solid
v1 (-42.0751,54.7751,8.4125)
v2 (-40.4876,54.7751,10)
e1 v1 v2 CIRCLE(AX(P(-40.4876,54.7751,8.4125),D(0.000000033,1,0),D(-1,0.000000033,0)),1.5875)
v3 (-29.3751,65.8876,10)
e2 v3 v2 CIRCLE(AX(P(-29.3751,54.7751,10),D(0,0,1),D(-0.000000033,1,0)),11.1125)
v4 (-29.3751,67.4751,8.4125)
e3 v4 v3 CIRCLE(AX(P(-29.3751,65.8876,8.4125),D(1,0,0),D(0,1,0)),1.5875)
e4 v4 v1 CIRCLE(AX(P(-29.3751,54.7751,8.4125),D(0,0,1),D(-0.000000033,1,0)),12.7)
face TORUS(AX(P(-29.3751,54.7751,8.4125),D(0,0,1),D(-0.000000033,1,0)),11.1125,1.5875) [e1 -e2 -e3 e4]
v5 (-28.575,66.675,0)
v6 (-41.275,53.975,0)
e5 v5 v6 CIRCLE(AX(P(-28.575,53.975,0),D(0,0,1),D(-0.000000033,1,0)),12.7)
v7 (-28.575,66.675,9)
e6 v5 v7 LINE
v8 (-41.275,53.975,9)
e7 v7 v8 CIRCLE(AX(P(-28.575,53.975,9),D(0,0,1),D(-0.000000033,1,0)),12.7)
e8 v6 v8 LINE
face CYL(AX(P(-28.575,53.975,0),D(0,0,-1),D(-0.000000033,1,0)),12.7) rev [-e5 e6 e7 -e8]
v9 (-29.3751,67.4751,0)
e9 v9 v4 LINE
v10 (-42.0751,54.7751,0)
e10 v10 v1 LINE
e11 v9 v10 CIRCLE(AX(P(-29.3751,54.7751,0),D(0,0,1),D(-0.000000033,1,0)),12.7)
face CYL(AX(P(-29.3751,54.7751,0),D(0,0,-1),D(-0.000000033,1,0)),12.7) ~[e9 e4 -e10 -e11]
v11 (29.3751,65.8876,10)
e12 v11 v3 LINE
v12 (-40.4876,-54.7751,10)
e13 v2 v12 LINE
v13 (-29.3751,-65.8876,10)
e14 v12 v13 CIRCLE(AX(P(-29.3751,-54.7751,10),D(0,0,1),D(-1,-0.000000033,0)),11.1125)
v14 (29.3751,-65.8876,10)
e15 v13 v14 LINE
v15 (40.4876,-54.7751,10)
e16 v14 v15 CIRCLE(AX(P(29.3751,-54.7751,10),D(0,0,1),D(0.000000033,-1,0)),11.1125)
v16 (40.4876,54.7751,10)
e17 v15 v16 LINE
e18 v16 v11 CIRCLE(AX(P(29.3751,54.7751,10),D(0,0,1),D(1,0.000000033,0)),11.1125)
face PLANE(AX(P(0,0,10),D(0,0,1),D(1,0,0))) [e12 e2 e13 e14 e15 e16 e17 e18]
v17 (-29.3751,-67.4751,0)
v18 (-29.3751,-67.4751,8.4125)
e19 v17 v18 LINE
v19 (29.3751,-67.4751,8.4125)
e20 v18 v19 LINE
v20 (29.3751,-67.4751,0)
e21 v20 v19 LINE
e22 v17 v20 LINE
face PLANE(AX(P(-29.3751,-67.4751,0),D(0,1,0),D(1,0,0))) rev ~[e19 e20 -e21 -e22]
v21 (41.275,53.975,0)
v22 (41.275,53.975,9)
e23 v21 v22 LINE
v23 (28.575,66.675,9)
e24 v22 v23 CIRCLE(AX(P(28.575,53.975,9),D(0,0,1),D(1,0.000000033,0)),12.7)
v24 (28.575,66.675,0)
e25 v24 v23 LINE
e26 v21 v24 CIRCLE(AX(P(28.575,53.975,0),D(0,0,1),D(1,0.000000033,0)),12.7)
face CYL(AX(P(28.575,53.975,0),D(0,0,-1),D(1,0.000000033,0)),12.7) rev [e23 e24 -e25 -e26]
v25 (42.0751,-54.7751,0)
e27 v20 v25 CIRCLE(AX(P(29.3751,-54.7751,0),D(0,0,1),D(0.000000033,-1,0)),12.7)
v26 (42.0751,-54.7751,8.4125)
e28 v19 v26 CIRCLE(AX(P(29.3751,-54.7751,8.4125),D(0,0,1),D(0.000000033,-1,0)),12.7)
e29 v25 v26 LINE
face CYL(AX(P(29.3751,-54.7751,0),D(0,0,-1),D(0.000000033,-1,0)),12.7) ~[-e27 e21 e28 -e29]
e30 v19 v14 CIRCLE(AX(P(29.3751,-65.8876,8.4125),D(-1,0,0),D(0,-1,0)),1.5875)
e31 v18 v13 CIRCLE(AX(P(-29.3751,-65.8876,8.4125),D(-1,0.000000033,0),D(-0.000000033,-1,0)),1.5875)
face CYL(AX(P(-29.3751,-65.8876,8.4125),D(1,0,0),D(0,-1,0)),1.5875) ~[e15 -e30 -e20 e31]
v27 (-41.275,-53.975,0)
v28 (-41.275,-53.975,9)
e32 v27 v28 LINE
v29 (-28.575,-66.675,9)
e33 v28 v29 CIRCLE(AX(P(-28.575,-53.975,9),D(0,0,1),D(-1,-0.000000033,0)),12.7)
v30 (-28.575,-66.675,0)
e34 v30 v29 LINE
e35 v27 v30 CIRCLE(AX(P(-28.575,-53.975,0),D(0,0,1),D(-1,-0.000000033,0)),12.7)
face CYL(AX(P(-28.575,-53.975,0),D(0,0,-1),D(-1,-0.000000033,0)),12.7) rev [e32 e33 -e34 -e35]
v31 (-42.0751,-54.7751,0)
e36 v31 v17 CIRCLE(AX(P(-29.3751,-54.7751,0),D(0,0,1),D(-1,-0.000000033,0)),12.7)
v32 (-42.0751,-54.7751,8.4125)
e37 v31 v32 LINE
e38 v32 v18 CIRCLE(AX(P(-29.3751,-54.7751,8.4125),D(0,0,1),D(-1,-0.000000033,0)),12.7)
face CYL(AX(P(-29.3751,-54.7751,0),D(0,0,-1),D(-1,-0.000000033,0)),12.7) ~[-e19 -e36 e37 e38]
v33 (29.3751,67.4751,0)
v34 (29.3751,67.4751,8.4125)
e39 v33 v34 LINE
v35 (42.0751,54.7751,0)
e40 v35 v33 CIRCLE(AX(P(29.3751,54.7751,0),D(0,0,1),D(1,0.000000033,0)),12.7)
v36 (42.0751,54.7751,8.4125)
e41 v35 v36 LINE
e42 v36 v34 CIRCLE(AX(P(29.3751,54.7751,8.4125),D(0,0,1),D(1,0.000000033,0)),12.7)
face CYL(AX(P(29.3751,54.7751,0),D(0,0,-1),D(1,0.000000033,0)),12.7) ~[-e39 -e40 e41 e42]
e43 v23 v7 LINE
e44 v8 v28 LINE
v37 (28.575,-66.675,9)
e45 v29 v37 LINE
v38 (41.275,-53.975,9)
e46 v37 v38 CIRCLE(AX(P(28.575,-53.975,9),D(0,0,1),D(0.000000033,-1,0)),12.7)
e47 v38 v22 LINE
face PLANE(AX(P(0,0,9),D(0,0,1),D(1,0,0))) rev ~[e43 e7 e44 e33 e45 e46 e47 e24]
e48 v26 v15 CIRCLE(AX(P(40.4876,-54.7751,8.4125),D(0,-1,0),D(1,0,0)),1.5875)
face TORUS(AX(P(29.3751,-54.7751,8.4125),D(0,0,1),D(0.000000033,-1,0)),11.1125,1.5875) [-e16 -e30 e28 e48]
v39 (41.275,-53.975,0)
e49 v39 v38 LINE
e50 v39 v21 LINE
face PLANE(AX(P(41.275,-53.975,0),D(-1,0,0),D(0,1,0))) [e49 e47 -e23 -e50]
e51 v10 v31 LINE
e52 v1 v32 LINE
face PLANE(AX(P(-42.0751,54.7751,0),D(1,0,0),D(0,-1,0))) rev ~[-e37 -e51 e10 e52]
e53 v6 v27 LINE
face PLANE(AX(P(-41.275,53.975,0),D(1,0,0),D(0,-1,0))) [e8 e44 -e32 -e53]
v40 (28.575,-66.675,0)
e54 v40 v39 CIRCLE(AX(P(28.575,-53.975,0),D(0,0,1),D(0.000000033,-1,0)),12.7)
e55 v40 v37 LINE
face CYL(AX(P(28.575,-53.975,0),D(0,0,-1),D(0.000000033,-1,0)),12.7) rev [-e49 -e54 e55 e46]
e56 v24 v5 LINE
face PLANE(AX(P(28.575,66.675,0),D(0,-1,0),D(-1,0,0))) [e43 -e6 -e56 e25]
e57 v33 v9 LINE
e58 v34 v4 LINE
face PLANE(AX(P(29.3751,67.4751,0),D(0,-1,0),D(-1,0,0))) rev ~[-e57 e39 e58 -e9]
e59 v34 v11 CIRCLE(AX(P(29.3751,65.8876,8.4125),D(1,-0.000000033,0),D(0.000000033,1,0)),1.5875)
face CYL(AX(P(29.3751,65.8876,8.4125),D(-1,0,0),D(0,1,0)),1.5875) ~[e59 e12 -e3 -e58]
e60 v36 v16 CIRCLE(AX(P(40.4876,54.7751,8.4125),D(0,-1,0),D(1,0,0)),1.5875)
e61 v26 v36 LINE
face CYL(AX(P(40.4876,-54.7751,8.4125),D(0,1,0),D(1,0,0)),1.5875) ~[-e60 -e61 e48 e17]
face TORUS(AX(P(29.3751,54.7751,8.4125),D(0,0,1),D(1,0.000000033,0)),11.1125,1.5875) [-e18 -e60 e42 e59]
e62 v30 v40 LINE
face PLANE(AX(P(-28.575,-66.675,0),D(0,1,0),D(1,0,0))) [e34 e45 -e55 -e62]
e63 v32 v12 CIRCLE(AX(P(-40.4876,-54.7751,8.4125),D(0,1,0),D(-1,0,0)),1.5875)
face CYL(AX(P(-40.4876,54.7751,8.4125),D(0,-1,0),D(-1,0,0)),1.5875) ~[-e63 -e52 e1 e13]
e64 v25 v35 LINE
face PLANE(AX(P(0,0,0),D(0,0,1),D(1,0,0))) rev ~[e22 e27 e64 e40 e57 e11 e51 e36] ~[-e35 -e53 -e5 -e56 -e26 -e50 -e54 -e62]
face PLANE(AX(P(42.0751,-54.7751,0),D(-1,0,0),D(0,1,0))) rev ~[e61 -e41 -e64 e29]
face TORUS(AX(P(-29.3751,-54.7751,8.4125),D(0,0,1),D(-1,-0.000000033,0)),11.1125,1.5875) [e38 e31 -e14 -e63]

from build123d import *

# Parameters (mm, degrees)
F1_DEPTH = 10
F2_R     = 1.5875
F4_DEPTH = 9


with BuildPart() as f1:
    # F0 (on Top) → F1 (new body)
    with BuildSketch(Plane.XY):
        with BuildLine():
            ThreePointArc((42.0751, 54.7751), (38.355356, 63.755356), (29.3751, 67.4751))
            Line((29.3751, 67.4751), (-29.3751, 67.4751))
            ThreePointArc((-29.3751, 67.4751), (-38.355356, 63.755356), (-42.0751, 54.7751))
            Line((-42.0751, 54.7751), (-42.0751, -54.7751))
            ThreePointArc((-42.0751, -54.7751), (-38.355356, -63.755356), (-29.3751, -67.4751))
            Line((-29.3751, -67.4751), (29.3751, -67.4751))
            ThreePointArc((29.3751, -67.4751), (38.355356, -63.755356), (42.0751, -54.7751))
            Line((42.0751, -54.7751), (42.0751, 54.7751))
        make_face()
    extrude(amount=F1_DEPTH)

    # F2
    f2_edges = [f1.edges().sort_by_distance(p)[0] for p in [
        (42.0751, 0, 10),
        (38.355356, -63.755356, 10),
        (0, -67.4751, 10),
        (-38.355356, -63.755356, 10),
        (-42.0751, 0, 10),
        (-38.355356, 63.755356, 10),
        (0, 67.4751, 10),
        (38.355356, 63.755356, 10),
    ]]
    fillet(f2_edges, radius=F2_R)

    # F3 (on Top) → F4 (cut)
    with BuildSketch(Plane.XY):
        with BuildLine():
            Line((-28.575, -66.675), (28.575, -66.675))
            ThreePointArc((28.575, -66.675), (37.555256, -62.955256), (41.275, -53.975))
            Line((41.275, -53.975), (41.275, 53.975))
            ThreePointArc((41.275, 53.975), (37.555256, 62.955256), (28.575, 66.675))
            Line((28.575, 66.675), (-28.575, 66.675))
            ThreePointArc((-28.575, 66.675), (-37.555256, 62.955256), (-41.275, 53.975))
            Line((-41.275, 53.975), (-41.275, -53.975))
            ThreePointArc((-41.275, -53.975), (-37.555256, -62.955256), (-28.575, -66.675))
        make_face()
    extrude(amount=F4_DEPTH, mode=Mode.SUBTRACT)


solid = f1.part
